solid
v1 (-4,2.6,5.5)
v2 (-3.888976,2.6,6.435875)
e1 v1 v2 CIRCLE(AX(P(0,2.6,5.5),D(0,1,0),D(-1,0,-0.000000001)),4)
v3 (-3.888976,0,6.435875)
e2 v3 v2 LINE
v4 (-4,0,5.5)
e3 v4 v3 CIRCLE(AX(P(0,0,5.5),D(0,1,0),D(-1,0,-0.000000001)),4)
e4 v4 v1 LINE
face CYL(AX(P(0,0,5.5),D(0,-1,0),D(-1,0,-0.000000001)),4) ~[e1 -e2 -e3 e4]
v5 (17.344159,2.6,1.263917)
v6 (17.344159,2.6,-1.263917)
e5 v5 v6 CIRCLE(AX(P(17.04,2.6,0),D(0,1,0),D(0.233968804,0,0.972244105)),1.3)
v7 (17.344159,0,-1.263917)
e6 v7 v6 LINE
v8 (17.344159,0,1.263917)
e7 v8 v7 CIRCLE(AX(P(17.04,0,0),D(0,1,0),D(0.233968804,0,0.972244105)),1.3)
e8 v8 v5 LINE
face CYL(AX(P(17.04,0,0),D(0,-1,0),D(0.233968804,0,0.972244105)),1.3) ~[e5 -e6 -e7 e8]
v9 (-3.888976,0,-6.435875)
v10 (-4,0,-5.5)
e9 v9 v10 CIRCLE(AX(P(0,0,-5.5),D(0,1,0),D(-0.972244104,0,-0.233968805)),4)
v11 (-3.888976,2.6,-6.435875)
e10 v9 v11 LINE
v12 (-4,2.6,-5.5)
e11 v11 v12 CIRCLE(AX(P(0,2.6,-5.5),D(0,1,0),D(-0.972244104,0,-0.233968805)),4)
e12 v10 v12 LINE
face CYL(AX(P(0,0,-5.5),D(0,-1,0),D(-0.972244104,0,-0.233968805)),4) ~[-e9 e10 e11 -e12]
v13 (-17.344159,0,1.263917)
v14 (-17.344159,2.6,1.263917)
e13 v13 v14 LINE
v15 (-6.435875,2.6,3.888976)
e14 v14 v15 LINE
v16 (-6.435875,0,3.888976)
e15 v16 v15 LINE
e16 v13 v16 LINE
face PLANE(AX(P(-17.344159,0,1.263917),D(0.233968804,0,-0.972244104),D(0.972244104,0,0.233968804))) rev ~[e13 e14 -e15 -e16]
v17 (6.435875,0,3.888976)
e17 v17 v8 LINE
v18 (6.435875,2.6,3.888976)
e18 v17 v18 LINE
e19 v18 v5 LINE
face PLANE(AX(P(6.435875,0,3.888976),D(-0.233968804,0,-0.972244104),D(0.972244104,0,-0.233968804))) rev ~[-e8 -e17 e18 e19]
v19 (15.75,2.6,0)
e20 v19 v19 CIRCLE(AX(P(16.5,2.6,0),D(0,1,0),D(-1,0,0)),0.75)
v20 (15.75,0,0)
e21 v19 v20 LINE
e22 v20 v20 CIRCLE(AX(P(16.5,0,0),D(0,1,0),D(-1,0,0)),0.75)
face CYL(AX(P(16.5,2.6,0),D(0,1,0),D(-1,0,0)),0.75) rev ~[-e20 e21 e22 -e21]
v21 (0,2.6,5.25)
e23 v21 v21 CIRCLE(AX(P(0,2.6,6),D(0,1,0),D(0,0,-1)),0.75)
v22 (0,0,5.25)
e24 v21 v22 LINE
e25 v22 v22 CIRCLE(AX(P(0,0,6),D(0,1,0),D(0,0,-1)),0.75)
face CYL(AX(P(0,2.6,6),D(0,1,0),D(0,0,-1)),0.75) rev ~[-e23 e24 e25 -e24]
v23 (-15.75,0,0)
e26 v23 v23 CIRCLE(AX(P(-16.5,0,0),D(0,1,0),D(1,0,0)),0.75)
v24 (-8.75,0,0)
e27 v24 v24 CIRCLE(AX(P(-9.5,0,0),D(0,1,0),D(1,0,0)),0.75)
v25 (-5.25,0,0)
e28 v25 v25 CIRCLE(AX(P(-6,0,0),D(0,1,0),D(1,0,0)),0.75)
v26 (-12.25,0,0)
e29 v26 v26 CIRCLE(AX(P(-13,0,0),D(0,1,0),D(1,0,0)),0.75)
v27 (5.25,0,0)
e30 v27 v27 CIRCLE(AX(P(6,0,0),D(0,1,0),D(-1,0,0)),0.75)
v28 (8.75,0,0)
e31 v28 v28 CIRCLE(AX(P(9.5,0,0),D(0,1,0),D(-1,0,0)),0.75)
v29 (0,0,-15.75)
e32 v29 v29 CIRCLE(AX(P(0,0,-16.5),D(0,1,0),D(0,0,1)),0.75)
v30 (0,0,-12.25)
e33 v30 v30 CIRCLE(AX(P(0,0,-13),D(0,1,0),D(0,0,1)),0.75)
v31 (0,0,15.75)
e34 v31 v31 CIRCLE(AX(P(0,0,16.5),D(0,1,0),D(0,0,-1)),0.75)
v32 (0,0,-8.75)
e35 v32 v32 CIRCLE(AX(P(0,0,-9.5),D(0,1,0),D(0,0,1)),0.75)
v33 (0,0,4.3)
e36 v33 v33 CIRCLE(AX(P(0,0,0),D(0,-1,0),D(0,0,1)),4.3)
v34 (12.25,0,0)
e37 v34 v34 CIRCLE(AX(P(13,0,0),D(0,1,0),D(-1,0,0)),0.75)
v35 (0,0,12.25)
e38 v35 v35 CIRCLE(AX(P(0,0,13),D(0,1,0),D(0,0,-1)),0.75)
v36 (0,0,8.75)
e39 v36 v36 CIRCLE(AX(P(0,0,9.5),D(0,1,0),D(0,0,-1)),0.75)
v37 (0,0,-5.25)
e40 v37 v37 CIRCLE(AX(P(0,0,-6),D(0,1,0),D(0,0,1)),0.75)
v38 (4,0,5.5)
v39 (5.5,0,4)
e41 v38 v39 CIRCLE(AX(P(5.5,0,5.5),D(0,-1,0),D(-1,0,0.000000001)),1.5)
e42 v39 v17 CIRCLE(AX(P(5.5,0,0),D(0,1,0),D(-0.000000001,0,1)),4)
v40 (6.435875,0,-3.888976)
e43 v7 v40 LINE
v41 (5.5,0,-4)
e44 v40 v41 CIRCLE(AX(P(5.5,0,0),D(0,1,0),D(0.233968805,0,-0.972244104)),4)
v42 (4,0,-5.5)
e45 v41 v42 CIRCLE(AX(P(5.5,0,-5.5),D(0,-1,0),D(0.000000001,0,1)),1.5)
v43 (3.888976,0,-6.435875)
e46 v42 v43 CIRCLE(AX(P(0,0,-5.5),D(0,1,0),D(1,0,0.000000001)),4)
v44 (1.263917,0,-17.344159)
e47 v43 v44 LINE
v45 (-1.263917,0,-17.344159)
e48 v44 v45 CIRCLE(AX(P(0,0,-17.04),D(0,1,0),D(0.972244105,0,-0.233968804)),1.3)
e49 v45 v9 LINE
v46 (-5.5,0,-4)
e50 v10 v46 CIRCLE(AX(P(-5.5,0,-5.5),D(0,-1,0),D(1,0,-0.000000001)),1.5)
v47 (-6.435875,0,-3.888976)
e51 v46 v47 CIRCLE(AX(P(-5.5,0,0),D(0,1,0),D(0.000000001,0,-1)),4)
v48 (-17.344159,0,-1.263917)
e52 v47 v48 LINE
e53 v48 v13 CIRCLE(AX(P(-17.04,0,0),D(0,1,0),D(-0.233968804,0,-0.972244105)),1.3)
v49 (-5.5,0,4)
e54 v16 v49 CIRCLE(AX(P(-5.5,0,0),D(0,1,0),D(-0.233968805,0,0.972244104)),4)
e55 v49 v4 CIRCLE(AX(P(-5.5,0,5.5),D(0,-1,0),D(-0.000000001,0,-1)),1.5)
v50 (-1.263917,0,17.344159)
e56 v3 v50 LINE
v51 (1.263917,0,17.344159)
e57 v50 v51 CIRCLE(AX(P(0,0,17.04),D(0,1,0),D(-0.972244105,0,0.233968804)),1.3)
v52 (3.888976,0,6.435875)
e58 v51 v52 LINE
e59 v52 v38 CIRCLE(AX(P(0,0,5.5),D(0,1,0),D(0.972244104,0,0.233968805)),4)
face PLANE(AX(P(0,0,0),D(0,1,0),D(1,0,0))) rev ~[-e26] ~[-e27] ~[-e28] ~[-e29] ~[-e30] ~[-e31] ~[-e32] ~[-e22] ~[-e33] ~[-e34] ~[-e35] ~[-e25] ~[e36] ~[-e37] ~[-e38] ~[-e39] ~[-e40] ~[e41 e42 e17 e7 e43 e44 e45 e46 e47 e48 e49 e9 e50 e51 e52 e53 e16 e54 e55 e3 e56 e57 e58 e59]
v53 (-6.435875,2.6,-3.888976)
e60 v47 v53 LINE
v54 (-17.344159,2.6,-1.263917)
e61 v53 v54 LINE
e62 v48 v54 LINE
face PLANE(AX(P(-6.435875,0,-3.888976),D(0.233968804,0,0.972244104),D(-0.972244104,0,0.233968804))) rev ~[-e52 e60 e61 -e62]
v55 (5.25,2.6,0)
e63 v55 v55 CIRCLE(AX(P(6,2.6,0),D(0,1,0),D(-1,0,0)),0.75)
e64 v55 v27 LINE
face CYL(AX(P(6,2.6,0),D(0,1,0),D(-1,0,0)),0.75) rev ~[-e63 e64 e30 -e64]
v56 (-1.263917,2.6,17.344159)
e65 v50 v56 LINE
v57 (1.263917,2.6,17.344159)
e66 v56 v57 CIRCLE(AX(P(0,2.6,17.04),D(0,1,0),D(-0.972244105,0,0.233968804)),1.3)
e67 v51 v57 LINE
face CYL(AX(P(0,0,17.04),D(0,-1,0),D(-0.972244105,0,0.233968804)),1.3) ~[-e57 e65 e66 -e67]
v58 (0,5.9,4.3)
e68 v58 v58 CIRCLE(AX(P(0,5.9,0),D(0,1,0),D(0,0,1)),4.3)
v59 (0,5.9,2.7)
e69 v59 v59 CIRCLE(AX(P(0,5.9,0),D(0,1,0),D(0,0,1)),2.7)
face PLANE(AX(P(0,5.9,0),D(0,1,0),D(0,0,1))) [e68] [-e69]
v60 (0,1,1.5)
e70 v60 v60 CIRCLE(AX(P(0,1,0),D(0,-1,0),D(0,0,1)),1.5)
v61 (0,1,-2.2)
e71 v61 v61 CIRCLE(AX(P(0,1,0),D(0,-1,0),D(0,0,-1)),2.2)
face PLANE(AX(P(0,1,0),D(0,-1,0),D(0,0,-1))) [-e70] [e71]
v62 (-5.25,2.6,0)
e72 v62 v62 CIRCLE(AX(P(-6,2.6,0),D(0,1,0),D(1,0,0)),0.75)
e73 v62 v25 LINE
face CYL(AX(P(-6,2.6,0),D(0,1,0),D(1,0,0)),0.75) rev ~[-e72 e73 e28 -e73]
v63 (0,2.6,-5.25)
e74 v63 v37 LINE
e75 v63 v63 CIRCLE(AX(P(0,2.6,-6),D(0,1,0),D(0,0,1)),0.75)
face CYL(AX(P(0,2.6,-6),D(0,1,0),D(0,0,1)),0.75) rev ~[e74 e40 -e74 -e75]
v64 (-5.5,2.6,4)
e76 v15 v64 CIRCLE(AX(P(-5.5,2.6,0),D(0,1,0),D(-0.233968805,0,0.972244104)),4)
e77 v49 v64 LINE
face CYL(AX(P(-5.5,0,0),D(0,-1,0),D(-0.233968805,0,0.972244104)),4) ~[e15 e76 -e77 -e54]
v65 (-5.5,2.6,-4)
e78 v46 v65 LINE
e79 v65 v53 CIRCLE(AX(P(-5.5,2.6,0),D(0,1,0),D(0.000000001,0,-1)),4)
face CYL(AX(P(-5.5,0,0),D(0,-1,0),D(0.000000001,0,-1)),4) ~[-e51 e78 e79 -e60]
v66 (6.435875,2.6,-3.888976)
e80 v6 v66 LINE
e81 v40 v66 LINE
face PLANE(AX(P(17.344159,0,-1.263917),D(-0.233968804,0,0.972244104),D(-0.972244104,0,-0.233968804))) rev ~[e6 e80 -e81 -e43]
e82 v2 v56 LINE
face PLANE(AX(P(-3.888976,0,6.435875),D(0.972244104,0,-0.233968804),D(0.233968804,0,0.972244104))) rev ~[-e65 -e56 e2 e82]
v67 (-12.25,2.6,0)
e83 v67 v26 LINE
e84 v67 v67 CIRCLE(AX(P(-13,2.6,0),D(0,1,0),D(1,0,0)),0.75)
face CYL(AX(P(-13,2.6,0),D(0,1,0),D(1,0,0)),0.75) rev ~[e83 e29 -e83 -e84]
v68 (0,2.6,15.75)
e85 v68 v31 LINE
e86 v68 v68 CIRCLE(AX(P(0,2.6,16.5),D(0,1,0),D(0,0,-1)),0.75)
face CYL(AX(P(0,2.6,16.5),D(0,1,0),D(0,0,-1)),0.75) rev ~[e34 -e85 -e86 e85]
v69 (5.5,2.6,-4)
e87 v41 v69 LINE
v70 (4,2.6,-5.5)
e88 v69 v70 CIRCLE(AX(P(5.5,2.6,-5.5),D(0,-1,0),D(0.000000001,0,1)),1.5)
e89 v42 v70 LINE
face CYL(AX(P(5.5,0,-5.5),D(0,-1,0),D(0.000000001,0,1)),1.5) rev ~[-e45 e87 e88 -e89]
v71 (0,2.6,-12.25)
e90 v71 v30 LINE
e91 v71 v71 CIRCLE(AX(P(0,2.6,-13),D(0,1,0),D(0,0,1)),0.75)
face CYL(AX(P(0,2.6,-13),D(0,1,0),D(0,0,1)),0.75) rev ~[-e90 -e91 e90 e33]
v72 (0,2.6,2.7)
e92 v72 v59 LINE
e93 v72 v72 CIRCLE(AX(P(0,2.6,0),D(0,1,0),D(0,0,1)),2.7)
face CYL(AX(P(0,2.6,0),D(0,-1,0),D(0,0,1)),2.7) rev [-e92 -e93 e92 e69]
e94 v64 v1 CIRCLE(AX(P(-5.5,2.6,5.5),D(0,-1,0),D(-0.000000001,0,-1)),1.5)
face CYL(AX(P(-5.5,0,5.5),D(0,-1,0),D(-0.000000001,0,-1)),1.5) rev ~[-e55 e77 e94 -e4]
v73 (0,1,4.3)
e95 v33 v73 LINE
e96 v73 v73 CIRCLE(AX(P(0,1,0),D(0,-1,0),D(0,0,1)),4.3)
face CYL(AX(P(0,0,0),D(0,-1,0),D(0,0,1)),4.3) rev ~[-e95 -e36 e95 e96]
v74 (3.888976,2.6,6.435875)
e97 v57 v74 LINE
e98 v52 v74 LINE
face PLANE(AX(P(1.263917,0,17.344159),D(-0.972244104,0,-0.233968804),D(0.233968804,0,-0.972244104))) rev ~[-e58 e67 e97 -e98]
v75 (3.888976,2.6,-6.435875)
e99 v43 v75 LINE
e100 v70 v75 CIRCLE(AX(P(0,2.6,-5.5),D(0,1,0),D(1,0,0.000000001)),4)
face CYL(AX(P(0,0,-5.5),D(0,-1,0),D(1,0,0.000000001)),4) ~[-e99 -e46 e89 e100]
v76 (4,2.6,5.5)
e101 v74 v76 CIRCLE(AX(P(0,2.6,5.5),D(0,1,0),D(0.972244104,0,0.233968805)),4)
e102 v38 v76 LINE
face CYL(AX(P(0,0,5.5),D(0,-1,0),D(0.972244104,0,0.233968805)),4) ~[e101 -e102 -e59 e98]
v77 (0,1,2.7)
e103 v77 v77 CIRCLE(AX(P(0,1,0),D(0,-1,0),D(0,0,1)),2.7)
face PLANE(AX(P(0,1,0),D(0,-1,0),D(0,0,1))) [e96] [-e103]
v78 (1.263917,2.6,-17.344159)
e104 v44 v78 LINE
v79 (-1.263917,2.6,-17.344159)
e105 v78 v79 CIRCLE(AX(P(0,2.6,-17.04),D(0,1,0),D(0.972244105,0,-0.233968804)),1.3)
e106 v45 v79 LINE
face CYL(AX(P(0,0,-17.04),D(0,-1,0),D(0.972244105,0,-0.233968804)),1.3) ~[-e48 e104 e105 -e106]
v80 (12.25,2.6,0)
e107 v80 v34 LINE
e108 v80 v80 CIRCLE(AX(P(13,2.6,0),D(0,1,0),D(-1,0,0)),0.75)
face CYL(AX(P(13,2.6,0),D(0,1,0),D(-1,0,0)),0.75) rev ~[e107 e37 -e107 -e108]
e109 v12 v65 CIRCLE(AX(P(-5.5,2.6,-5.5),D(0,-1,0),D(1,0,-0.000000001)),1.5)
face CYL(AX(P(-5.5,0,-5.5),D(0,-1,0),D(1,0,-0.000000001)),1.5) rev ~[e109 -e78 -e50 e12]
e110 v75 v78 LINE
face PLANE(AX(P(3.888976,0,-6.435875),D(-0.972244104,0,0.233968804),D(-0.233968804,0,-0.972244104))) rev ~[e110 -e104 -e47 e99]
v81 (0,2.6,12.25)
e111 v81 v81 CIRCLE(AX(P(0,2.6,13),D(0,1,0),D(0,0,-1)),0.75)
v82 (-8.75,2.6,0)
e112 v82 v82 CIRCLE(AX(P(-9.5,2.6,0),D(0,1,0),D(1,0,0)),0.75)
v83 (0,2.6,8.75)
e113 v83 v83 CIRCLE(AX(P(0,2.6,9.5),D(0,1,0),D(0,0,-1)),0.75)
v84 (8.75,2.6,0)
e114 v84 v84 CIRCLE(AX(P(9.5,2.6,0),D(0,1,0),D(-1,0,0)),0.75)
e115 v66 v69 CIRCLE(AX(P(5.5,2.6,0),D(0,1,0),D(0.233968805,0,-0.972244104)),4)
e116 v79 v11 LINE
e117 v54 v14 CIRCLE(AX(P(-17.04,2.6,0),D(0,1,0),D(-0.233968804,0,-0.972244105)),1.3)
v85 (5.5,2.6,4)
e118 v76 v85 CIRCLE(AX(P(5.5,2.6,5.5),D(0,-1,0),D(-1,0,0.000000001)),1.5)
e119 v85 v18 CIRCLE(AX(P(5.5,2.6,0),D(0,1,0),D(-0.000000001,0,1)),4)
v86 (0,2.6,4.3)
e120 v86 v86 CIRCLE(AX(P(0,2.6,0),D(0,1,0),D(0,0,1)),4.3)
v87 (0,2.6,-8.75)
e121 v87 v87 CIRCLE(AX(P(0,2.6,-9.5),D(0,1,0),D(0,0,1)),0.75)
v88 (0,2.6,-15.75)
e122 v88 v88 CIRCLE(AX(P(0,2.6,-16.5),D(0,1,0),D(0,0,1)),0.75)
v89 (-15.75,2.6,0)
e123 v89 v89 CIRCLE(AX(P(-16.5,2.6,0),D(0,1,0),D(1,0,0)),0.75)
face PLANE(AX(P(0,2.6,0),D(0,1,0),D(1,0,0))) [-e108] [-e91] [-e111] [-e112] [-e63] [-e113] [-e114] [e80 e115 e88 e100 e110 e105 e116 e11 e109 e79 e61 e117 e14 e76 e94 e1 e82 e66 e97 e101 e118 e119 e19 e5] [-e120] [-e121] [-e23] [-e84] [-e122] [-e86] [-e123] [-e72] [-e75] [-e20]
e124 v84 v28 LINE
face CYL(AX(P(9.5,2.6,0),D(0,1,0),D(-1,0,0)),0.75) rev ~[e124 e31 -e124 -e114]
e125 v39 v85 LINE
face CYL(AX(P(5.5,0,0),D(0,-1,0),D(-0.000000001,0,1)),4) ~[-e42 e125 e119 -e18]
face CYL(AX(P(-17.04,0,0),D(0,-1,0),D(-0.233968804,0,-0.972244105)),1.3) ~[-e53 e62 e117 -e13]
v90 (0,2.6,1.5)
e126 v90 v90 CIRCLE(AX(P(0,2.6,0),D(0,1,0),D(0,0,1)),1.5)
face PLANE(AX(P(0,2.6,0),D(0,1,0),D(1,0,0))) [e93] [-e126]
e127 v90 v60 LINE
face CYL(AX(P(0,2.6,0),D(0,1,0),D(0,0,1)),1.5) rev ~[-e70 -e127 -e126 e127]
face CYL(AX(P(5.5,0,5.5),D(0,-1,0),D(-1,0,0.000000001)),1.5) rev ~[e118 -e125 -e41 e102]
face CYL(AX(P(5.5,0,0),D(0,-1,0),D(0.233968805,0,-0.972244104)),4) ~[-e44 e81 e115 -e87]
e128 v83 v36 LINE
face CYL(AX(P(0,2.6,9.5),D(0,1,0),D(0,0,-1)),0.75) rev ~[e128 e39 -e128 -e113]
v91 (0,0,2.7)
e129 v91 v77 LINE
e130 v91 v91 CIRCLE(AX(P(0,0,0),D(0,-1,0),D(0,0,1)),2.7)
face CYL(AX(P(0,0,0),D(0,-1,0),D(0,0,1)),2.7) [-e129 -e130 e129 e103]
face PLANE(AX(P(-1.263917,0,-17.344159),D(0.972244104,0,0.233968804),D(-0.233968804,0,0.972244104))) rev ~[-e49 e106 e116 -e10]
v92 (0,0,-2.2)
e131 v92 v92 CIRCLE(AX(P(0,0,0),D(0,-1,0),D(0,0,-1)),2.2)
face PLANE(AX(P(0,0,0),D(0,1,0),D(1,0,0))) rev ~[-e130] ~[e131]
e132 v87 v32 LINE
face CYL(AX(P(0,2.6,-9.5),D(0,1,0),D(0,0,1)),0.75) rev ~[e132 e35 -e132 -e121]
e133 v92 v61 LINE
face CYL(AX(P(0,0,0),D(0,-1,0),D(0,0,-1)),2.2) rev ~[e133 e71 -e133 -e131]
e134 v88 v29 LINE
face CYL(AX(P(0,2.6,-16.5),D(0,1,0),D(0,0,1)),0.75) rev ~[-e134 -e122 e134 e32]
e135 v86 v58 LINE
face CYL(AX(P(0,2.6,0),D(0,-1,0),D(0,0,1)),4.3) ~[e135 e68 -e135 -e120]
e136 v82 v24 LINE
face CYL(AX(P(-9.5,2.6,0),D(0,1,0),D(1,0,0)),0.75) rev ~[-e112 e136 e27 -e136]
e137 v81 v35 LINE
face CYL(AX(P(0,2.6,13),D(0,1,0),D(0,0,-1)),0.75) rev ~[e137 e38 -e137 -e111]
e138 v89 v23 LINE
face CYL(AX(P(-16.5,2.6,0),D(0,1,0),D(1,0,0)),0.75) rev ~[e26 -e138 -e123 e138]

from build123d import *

# Parameters (mm, degrees)
BOSS_EXTRUDE1_DEPTH         = 2.6
SKETCH2_R                   = 1.5
CUT_EXTRUDE1_DEPTH          = 27.066668372
SKETCH3_R                   = 0.75
CUT_EXTRUDE2_DEPTH          = 27.066668372
LPATTERN1_COUNT             = 4
LPATTERN1_PITCH             = 3.5
CIRPATTERN1_COUNT           = 4
CIRPATTERN1_COPY_1_SKETCH_R = 0.75
CIRPATTERN1_COPY_1_DEPTH    = 27.066668372
CIRPATTERN1_COPY_2_SKETCH_R = 0.75
CIRPATTERN1_COPY_2_DEPTH    = 27.066668372
CIRPATTERN1_COPY_3_SKETCH_R = 0.75
CIRPATTERN1_COPY_3_DEPTH    = 27.066668372
CIRPATTERN1_COPY_4_SKETCH_R = 0.75
CIRPATTERN1_COPY_4_DEPTH    = 27.066668372
CIRPATTERN1_COPY_5_SKETCH_R = 0.75
CIRPATTERN1_COPY_5_DEPTH    = 27.066668372
CIRPATTERN1_COPY_6_SKETCH_R = 0.75
CIRPATTERN1_COPY_6_DEPTH    = 27.066668372
CIRPATTERN1_COPY_7_SKETCH_R = 0.75
CIRPATTERN1_COPY_7_DEPTH    = 27.066668372
CIRPATTERN1_COPY_8_SKETCH_R = 0.75
CIRPATTERN1_COPY_8_DEPTH    = 27.066668372
CIRPATTERN1_COPY_9_SKETCH_R = 0.75
CIRPATTERN1_COPY_9_DEPTH    = 27.066668372
SKETCH4_R                   = 4.3
SKETCH4_R_2                 = 2.7
BOSS_EXTRUDE2_DEPTH         = 3.3
SKETCH5_R                   = 4.3
SKETCH5_R_2                 = 2.7
SKETCH5_R_3                 = 2.2
SKETCH5_R_4                 = 1.5
CUT_EXTRUDE3_DEPTH          = 1


with BuildPart() as part:
    # Sketch1 → Boss-Extrude1 (new body)
    with BuildSketch(Plane(origin=(0, 0, 0), x_dir=(1, 0, 0), z_dir=(0, 1, 0))):
        with BuildLine():
            Line((-1.263917336, 17.344159445), (-3.888976418, 6.435875217))
            ThreePointArc((-3.888976418, 6.435875217), (-3.972147132, 5.971218807), (-4, 5.5))
            ThreePointArc((-4, 5.5), (-4.439339828, 4.439339828), (-5.5, 4))
            ThreePointArc((-5.5, 4), (-5.971218807, 3.972147132), (-6.435875217, 3.888976418))
            Line((-6.435875217, 3.888976418), (-17.344159445, 1.263917336))
            ThreePointArc((-17.344159445, 1.263917336), (-18.34, 0), (-17.344159445, -1.263917336))
            Line((-17.344159445, -1.263917336), (-6.435875217, -3.888976418))
            ThreePointArc((-6.435875217, -3.888976418), (-5.971218807, -3.972147132), (-5.5, -4))
            ThreePointArc((-5.5, -4), (-4.439339828, -4.439339828), (-4, -5.5))
            ThreePointArc((-4, -5.5), (-3.972147132, -5.971218807), (-3.888976418, -6.435875217))
            Line((-3.888976418, -6.435875217), (-1.263917336, -17.344159445))
            ThreePointArc((-1.263917336, -17.344159445), (0, -18.34), (1.263917336, -17.344159445))
            Line((1.263917336, -17.344159445), (3.888976418, -6.435875217))
            ThreePointArc((3.888976418, -6.435875217), (3.972147132, -5.971218807), (4, -5.5))
            ThreePointArc((4, -5.5), (4.439339828, -4.439339828), (5.5, -4))
            ThreePointArc((5.5, -4), (5.971218807, -3.972147132), (6.435875217, -3.888976418))
            Line((6.435875217, -3.888976418), (17.344159445, -1.263917336))
            ThreePointArc((17.344159445, -1.263917336), (18.34, 0), (17.344159445, 1.263917336))
            Line((17.344159445, 1.263917336), (6.435875217, 3.888976418))
            ThreePointArc((6.435875217, 3.888976418), (5.971218807, 3.972147132), (5.5, 4))
            ThreePointArc((5.5, 4), (4.439339828, 4.439339828), (4, 5.5))
            ThreePointArc((4, 5.5), (3.972147132, 5.971218807), (3.888976418, 6.435875217))
            Line((3.888976418, 6.435875217), (1.263917336, 17.344159445))
            ThreePointArc((1.263917336, 17.344159445), (0, 18.34), (-1.263917336, 17.344159445))
        make_face()
    extrude(amount=BOSS_EXTRUDE1_DEPTH)

    # Sketch2 → Cut-Extrude1 (cut, through all)
    with BuildSketch(Plane(origin=(0, 2.6, 0), x_dir=(1, 0, 0), z_dir=(0, 1, 0))):
        with Locations(Location((0, 0, 0), (0, 0, 270))):
            Circle(SKETCH2_R)
    extrude(amount=-CUT_EXTRUDE1_DEPTH, mode=Mode.SUBTRACT)

    # Sketch3 → Cut-Extrude2 (cut, through all)
    with BuildSketch(Plane(origin=(0, 2.6, 0), x_dir=(1, 0, 0), z_dir=(0, 1, 0))):
        with Locations(Location((0, 6, 0), (0, 0, 270))):
            Circle(SKETCH3_R)
    cut_extrude2 = extrude(amount=-CUT_EXTRUDE2_DEPTH, mode=Mode.SUBTRACT)

    # LPattern1: Cut-Extrude2 ×4
    with Locations(*[(0, 0, -i * LPATTERN1_PITCH) for i in range(1, LPATTERN1_COUNT)]):
        add(cut_extrude2, mode=Mode.SUBTRACT)

    # CirPattern1: Cut-Extrude2 ×4 about axis
    cirpattern1_axis = Axis((0, 0, 0), (0, 1, 0))
    for i in range(1, CIRPATTERN1_COUNT):
        add(cut_extrude2.rotate(cirpattern1_axis, i * 360 / CIRPATTERN1_COUNT), mode=Mode.SUBTRACT)

    # CirPattern1 copy 1 sketch → CirPattern1 copy 1 (cut, through all)
    with BuildSketch(Plane(origin=(-3.5, 2.6, 0), x_dir=(0, 0, -1), z_dir=(0, 1, 0))):
        with Locations(Location((0, 6, 0), (0, 0, 270))):
            Circle(CIRPATTERN1_COPY_1_SKETCH_R)
    extrude(amount=-CIRPATTERN1_COPY_1_DEPTH, mode=Mode.SUBTRACT)

    # CirPattern1 copy 2 sketch → CirPattern1 copy 2 (cut, through all)
    with BuildSketch(Plane(origin=(0, 2.6, 3.5), x_dir=(-1, 0, 0), z_dir=(0, 1, 0))):
        with Locations(Location((0, 6, 0), (0, 0, 270))):
            Circle(CIRPATTERN1_COPY_2_SKETCH_R)
    extrude(amount=-CIRPATTERN1_COPY_2_DEPTH, mode=Mode.SUBTRACT)

    # CirPattern1 copy 3 sketch → CirPattern1 copy 3 (cut, through all)
    with BuildSketch(Plane(origin=(3.5, 2.6, 0), x_dir=(0, 0, 1), z_dir=(0, 1, 0))):
        with Locations(Location((0, 6, 0), (0, 0, 270))):
            Circle(CIRPATTERN1_COPY_3_SKETCH_R)
    extrude(amount=-CIRPATTERN1_COPY_3_DEPTH, mode=Mode.SUBTRACT)

    # CirPattern1 copy 4 sketch → CirPattern1 copy 4 (cut, through all)
    with BuildSketch(Plane(origin=(-7, 2.6, 0), x_dir=(0, 0, -1), z_dir=(0, 1, 0))):
        with Locations(Location((0, 6, 0), (0, 0, 270))):
            Circle(CIRPATTERN1_COPY_4_SKETCH_R)
    extrude(amount=-CIRPATTERN1_COPY_4_DEPTH, mode=Mode.SUBTRACT)

    # CirPattern1 copy 5 sketch → CirPattern1 copy 5 (cut, through all)
    with BuildSketch(Plane(origin=(0, 2.6, 7), x_dir=(-1, 0, 0), z_dir=(0, 1, 0))):
        with Locations(Location((0, 6, 0), (0, 0, 270))):
            Circle(CIRPATTERN1_COPY_5_SKETCH_R)
    extrude(amount=-CIRPATTERN1_COPY_5_DEPTH, mode=Mode.SUBTRACT)

    # CirPattern1 copy 6 sketch → CirPattern1 copy 6 (cut, through all)
    with BuildSketch(Plane(origin=(7, 2.6, 0), x_dir=(0, 0, 1), z_dir=(0, 1, 0))):
        with Locations(Location((0, 6, 0), (0, 0, 270))):
            Circle(CIRPATTERN1_COPY_6_SKETCH_R)
    extrude(amount=-CIRPATTERN1_COPY_6_DEPTH, mode=Mode.SUBTRACT)

    # CirPattern1 copy 7 sketch → CirPattern1 copy 7 (cut, through all)
    with BuildSketch(Plane(origin=(-10.5, 2.6, 0), x_dir=(0, 0, -1), z_dir=(0, 1, 0))):
        with Locations(Location((0, 6, 0), (0, 0, 270))):
            Circle(CIRPATTERN1_COPY_7_SKETCH_R)
    extrude(amount=-CIRPATTERN1_COPY_7_DEPTH, mode=Mode.SUBTRACT)

    # CirPattern1 copy 8 sketch → CirPattern1 copy 8 (cut, through all)
    with BuildSketch(Plane(origin=(0, 2.6, 10.5), x_dir=(-1, 0, 0), z_dir=(0, 1, 0))):
        with Locations(Location((0, 6, 0), (0, 0, 270))):
            Circle(CIRPATTERN1_COPY_8_SKETCH_R)
    extrude(amount=-CIRPATTERN1_COPY_8_DEPTH, mode=Mode.SUBTRACT)

    # CirPattern1 copy 9 sketch → CirPattern1 copy 9 (cut, through all)
    with BuildSketch(Plane(origin=(10.5, 2.6, 0), x_dir=(0, 0, 1), z_dir=(0, 1, 0))):
        with Locations(Location((0, 6, 0), (0, 0, 270))):
            Circle(CIRPATTERN1_COPY_9_SKETCH_R)
    extrude(amount=-CIRPATTERN1_COPY_9_DEPTH, mode=Mode.SUBTRACT)

    # Sketch4 → Boss-Extrude2 (add)
    with BuildSketch(Plane(origin=(0, 2.6, 0), x_dir=(1, 0, 0), z_dir=(0, 1, 0))):
        with Locations(Location((0, 0, 0), (0, 0, 270))):
            Circle(SKETCH4_R)
        with Locations(Location((0, 0, 0), (0, 0, 270))):
            Circle(SKETCH4_R_2, mode=Mode.SUBTRACT)
    extrude(amount=BOSS_EXTRUDE2_DEPTH)

    # Sketch5 → Cut-Extrude3 (cut)
    # profile 1 of 2: a face of its own
    with BuildSketch(Plane.XZ):
        with Locations(Location((0, 0, 0), (0, 0, 90))):
            Circle(SKETCH5_R)
        with Locations(Location((0, 0, 0), (0, 0, 90))):
            Circle(SKETCH5_R_2, mode=Mode.SUBTRACT)
    # profile 2 of 2: a face of its own
    with BuildSketch(Plane.XZ):
        with Locations(Location((0, 0, 0), (0, 0, 270))):
            Circle(SKETCH5_R_3)
        with Locations(Location((0, 0, 0), (0, 0, 90))):
            Circle(SKETCH5_R_4, mode=Mode.SUBTRACT)
    extrude(amount=-CUT_EXTRUDE3_DEPTH, mode=Mode.SUBTRACT)


solid = part.part
